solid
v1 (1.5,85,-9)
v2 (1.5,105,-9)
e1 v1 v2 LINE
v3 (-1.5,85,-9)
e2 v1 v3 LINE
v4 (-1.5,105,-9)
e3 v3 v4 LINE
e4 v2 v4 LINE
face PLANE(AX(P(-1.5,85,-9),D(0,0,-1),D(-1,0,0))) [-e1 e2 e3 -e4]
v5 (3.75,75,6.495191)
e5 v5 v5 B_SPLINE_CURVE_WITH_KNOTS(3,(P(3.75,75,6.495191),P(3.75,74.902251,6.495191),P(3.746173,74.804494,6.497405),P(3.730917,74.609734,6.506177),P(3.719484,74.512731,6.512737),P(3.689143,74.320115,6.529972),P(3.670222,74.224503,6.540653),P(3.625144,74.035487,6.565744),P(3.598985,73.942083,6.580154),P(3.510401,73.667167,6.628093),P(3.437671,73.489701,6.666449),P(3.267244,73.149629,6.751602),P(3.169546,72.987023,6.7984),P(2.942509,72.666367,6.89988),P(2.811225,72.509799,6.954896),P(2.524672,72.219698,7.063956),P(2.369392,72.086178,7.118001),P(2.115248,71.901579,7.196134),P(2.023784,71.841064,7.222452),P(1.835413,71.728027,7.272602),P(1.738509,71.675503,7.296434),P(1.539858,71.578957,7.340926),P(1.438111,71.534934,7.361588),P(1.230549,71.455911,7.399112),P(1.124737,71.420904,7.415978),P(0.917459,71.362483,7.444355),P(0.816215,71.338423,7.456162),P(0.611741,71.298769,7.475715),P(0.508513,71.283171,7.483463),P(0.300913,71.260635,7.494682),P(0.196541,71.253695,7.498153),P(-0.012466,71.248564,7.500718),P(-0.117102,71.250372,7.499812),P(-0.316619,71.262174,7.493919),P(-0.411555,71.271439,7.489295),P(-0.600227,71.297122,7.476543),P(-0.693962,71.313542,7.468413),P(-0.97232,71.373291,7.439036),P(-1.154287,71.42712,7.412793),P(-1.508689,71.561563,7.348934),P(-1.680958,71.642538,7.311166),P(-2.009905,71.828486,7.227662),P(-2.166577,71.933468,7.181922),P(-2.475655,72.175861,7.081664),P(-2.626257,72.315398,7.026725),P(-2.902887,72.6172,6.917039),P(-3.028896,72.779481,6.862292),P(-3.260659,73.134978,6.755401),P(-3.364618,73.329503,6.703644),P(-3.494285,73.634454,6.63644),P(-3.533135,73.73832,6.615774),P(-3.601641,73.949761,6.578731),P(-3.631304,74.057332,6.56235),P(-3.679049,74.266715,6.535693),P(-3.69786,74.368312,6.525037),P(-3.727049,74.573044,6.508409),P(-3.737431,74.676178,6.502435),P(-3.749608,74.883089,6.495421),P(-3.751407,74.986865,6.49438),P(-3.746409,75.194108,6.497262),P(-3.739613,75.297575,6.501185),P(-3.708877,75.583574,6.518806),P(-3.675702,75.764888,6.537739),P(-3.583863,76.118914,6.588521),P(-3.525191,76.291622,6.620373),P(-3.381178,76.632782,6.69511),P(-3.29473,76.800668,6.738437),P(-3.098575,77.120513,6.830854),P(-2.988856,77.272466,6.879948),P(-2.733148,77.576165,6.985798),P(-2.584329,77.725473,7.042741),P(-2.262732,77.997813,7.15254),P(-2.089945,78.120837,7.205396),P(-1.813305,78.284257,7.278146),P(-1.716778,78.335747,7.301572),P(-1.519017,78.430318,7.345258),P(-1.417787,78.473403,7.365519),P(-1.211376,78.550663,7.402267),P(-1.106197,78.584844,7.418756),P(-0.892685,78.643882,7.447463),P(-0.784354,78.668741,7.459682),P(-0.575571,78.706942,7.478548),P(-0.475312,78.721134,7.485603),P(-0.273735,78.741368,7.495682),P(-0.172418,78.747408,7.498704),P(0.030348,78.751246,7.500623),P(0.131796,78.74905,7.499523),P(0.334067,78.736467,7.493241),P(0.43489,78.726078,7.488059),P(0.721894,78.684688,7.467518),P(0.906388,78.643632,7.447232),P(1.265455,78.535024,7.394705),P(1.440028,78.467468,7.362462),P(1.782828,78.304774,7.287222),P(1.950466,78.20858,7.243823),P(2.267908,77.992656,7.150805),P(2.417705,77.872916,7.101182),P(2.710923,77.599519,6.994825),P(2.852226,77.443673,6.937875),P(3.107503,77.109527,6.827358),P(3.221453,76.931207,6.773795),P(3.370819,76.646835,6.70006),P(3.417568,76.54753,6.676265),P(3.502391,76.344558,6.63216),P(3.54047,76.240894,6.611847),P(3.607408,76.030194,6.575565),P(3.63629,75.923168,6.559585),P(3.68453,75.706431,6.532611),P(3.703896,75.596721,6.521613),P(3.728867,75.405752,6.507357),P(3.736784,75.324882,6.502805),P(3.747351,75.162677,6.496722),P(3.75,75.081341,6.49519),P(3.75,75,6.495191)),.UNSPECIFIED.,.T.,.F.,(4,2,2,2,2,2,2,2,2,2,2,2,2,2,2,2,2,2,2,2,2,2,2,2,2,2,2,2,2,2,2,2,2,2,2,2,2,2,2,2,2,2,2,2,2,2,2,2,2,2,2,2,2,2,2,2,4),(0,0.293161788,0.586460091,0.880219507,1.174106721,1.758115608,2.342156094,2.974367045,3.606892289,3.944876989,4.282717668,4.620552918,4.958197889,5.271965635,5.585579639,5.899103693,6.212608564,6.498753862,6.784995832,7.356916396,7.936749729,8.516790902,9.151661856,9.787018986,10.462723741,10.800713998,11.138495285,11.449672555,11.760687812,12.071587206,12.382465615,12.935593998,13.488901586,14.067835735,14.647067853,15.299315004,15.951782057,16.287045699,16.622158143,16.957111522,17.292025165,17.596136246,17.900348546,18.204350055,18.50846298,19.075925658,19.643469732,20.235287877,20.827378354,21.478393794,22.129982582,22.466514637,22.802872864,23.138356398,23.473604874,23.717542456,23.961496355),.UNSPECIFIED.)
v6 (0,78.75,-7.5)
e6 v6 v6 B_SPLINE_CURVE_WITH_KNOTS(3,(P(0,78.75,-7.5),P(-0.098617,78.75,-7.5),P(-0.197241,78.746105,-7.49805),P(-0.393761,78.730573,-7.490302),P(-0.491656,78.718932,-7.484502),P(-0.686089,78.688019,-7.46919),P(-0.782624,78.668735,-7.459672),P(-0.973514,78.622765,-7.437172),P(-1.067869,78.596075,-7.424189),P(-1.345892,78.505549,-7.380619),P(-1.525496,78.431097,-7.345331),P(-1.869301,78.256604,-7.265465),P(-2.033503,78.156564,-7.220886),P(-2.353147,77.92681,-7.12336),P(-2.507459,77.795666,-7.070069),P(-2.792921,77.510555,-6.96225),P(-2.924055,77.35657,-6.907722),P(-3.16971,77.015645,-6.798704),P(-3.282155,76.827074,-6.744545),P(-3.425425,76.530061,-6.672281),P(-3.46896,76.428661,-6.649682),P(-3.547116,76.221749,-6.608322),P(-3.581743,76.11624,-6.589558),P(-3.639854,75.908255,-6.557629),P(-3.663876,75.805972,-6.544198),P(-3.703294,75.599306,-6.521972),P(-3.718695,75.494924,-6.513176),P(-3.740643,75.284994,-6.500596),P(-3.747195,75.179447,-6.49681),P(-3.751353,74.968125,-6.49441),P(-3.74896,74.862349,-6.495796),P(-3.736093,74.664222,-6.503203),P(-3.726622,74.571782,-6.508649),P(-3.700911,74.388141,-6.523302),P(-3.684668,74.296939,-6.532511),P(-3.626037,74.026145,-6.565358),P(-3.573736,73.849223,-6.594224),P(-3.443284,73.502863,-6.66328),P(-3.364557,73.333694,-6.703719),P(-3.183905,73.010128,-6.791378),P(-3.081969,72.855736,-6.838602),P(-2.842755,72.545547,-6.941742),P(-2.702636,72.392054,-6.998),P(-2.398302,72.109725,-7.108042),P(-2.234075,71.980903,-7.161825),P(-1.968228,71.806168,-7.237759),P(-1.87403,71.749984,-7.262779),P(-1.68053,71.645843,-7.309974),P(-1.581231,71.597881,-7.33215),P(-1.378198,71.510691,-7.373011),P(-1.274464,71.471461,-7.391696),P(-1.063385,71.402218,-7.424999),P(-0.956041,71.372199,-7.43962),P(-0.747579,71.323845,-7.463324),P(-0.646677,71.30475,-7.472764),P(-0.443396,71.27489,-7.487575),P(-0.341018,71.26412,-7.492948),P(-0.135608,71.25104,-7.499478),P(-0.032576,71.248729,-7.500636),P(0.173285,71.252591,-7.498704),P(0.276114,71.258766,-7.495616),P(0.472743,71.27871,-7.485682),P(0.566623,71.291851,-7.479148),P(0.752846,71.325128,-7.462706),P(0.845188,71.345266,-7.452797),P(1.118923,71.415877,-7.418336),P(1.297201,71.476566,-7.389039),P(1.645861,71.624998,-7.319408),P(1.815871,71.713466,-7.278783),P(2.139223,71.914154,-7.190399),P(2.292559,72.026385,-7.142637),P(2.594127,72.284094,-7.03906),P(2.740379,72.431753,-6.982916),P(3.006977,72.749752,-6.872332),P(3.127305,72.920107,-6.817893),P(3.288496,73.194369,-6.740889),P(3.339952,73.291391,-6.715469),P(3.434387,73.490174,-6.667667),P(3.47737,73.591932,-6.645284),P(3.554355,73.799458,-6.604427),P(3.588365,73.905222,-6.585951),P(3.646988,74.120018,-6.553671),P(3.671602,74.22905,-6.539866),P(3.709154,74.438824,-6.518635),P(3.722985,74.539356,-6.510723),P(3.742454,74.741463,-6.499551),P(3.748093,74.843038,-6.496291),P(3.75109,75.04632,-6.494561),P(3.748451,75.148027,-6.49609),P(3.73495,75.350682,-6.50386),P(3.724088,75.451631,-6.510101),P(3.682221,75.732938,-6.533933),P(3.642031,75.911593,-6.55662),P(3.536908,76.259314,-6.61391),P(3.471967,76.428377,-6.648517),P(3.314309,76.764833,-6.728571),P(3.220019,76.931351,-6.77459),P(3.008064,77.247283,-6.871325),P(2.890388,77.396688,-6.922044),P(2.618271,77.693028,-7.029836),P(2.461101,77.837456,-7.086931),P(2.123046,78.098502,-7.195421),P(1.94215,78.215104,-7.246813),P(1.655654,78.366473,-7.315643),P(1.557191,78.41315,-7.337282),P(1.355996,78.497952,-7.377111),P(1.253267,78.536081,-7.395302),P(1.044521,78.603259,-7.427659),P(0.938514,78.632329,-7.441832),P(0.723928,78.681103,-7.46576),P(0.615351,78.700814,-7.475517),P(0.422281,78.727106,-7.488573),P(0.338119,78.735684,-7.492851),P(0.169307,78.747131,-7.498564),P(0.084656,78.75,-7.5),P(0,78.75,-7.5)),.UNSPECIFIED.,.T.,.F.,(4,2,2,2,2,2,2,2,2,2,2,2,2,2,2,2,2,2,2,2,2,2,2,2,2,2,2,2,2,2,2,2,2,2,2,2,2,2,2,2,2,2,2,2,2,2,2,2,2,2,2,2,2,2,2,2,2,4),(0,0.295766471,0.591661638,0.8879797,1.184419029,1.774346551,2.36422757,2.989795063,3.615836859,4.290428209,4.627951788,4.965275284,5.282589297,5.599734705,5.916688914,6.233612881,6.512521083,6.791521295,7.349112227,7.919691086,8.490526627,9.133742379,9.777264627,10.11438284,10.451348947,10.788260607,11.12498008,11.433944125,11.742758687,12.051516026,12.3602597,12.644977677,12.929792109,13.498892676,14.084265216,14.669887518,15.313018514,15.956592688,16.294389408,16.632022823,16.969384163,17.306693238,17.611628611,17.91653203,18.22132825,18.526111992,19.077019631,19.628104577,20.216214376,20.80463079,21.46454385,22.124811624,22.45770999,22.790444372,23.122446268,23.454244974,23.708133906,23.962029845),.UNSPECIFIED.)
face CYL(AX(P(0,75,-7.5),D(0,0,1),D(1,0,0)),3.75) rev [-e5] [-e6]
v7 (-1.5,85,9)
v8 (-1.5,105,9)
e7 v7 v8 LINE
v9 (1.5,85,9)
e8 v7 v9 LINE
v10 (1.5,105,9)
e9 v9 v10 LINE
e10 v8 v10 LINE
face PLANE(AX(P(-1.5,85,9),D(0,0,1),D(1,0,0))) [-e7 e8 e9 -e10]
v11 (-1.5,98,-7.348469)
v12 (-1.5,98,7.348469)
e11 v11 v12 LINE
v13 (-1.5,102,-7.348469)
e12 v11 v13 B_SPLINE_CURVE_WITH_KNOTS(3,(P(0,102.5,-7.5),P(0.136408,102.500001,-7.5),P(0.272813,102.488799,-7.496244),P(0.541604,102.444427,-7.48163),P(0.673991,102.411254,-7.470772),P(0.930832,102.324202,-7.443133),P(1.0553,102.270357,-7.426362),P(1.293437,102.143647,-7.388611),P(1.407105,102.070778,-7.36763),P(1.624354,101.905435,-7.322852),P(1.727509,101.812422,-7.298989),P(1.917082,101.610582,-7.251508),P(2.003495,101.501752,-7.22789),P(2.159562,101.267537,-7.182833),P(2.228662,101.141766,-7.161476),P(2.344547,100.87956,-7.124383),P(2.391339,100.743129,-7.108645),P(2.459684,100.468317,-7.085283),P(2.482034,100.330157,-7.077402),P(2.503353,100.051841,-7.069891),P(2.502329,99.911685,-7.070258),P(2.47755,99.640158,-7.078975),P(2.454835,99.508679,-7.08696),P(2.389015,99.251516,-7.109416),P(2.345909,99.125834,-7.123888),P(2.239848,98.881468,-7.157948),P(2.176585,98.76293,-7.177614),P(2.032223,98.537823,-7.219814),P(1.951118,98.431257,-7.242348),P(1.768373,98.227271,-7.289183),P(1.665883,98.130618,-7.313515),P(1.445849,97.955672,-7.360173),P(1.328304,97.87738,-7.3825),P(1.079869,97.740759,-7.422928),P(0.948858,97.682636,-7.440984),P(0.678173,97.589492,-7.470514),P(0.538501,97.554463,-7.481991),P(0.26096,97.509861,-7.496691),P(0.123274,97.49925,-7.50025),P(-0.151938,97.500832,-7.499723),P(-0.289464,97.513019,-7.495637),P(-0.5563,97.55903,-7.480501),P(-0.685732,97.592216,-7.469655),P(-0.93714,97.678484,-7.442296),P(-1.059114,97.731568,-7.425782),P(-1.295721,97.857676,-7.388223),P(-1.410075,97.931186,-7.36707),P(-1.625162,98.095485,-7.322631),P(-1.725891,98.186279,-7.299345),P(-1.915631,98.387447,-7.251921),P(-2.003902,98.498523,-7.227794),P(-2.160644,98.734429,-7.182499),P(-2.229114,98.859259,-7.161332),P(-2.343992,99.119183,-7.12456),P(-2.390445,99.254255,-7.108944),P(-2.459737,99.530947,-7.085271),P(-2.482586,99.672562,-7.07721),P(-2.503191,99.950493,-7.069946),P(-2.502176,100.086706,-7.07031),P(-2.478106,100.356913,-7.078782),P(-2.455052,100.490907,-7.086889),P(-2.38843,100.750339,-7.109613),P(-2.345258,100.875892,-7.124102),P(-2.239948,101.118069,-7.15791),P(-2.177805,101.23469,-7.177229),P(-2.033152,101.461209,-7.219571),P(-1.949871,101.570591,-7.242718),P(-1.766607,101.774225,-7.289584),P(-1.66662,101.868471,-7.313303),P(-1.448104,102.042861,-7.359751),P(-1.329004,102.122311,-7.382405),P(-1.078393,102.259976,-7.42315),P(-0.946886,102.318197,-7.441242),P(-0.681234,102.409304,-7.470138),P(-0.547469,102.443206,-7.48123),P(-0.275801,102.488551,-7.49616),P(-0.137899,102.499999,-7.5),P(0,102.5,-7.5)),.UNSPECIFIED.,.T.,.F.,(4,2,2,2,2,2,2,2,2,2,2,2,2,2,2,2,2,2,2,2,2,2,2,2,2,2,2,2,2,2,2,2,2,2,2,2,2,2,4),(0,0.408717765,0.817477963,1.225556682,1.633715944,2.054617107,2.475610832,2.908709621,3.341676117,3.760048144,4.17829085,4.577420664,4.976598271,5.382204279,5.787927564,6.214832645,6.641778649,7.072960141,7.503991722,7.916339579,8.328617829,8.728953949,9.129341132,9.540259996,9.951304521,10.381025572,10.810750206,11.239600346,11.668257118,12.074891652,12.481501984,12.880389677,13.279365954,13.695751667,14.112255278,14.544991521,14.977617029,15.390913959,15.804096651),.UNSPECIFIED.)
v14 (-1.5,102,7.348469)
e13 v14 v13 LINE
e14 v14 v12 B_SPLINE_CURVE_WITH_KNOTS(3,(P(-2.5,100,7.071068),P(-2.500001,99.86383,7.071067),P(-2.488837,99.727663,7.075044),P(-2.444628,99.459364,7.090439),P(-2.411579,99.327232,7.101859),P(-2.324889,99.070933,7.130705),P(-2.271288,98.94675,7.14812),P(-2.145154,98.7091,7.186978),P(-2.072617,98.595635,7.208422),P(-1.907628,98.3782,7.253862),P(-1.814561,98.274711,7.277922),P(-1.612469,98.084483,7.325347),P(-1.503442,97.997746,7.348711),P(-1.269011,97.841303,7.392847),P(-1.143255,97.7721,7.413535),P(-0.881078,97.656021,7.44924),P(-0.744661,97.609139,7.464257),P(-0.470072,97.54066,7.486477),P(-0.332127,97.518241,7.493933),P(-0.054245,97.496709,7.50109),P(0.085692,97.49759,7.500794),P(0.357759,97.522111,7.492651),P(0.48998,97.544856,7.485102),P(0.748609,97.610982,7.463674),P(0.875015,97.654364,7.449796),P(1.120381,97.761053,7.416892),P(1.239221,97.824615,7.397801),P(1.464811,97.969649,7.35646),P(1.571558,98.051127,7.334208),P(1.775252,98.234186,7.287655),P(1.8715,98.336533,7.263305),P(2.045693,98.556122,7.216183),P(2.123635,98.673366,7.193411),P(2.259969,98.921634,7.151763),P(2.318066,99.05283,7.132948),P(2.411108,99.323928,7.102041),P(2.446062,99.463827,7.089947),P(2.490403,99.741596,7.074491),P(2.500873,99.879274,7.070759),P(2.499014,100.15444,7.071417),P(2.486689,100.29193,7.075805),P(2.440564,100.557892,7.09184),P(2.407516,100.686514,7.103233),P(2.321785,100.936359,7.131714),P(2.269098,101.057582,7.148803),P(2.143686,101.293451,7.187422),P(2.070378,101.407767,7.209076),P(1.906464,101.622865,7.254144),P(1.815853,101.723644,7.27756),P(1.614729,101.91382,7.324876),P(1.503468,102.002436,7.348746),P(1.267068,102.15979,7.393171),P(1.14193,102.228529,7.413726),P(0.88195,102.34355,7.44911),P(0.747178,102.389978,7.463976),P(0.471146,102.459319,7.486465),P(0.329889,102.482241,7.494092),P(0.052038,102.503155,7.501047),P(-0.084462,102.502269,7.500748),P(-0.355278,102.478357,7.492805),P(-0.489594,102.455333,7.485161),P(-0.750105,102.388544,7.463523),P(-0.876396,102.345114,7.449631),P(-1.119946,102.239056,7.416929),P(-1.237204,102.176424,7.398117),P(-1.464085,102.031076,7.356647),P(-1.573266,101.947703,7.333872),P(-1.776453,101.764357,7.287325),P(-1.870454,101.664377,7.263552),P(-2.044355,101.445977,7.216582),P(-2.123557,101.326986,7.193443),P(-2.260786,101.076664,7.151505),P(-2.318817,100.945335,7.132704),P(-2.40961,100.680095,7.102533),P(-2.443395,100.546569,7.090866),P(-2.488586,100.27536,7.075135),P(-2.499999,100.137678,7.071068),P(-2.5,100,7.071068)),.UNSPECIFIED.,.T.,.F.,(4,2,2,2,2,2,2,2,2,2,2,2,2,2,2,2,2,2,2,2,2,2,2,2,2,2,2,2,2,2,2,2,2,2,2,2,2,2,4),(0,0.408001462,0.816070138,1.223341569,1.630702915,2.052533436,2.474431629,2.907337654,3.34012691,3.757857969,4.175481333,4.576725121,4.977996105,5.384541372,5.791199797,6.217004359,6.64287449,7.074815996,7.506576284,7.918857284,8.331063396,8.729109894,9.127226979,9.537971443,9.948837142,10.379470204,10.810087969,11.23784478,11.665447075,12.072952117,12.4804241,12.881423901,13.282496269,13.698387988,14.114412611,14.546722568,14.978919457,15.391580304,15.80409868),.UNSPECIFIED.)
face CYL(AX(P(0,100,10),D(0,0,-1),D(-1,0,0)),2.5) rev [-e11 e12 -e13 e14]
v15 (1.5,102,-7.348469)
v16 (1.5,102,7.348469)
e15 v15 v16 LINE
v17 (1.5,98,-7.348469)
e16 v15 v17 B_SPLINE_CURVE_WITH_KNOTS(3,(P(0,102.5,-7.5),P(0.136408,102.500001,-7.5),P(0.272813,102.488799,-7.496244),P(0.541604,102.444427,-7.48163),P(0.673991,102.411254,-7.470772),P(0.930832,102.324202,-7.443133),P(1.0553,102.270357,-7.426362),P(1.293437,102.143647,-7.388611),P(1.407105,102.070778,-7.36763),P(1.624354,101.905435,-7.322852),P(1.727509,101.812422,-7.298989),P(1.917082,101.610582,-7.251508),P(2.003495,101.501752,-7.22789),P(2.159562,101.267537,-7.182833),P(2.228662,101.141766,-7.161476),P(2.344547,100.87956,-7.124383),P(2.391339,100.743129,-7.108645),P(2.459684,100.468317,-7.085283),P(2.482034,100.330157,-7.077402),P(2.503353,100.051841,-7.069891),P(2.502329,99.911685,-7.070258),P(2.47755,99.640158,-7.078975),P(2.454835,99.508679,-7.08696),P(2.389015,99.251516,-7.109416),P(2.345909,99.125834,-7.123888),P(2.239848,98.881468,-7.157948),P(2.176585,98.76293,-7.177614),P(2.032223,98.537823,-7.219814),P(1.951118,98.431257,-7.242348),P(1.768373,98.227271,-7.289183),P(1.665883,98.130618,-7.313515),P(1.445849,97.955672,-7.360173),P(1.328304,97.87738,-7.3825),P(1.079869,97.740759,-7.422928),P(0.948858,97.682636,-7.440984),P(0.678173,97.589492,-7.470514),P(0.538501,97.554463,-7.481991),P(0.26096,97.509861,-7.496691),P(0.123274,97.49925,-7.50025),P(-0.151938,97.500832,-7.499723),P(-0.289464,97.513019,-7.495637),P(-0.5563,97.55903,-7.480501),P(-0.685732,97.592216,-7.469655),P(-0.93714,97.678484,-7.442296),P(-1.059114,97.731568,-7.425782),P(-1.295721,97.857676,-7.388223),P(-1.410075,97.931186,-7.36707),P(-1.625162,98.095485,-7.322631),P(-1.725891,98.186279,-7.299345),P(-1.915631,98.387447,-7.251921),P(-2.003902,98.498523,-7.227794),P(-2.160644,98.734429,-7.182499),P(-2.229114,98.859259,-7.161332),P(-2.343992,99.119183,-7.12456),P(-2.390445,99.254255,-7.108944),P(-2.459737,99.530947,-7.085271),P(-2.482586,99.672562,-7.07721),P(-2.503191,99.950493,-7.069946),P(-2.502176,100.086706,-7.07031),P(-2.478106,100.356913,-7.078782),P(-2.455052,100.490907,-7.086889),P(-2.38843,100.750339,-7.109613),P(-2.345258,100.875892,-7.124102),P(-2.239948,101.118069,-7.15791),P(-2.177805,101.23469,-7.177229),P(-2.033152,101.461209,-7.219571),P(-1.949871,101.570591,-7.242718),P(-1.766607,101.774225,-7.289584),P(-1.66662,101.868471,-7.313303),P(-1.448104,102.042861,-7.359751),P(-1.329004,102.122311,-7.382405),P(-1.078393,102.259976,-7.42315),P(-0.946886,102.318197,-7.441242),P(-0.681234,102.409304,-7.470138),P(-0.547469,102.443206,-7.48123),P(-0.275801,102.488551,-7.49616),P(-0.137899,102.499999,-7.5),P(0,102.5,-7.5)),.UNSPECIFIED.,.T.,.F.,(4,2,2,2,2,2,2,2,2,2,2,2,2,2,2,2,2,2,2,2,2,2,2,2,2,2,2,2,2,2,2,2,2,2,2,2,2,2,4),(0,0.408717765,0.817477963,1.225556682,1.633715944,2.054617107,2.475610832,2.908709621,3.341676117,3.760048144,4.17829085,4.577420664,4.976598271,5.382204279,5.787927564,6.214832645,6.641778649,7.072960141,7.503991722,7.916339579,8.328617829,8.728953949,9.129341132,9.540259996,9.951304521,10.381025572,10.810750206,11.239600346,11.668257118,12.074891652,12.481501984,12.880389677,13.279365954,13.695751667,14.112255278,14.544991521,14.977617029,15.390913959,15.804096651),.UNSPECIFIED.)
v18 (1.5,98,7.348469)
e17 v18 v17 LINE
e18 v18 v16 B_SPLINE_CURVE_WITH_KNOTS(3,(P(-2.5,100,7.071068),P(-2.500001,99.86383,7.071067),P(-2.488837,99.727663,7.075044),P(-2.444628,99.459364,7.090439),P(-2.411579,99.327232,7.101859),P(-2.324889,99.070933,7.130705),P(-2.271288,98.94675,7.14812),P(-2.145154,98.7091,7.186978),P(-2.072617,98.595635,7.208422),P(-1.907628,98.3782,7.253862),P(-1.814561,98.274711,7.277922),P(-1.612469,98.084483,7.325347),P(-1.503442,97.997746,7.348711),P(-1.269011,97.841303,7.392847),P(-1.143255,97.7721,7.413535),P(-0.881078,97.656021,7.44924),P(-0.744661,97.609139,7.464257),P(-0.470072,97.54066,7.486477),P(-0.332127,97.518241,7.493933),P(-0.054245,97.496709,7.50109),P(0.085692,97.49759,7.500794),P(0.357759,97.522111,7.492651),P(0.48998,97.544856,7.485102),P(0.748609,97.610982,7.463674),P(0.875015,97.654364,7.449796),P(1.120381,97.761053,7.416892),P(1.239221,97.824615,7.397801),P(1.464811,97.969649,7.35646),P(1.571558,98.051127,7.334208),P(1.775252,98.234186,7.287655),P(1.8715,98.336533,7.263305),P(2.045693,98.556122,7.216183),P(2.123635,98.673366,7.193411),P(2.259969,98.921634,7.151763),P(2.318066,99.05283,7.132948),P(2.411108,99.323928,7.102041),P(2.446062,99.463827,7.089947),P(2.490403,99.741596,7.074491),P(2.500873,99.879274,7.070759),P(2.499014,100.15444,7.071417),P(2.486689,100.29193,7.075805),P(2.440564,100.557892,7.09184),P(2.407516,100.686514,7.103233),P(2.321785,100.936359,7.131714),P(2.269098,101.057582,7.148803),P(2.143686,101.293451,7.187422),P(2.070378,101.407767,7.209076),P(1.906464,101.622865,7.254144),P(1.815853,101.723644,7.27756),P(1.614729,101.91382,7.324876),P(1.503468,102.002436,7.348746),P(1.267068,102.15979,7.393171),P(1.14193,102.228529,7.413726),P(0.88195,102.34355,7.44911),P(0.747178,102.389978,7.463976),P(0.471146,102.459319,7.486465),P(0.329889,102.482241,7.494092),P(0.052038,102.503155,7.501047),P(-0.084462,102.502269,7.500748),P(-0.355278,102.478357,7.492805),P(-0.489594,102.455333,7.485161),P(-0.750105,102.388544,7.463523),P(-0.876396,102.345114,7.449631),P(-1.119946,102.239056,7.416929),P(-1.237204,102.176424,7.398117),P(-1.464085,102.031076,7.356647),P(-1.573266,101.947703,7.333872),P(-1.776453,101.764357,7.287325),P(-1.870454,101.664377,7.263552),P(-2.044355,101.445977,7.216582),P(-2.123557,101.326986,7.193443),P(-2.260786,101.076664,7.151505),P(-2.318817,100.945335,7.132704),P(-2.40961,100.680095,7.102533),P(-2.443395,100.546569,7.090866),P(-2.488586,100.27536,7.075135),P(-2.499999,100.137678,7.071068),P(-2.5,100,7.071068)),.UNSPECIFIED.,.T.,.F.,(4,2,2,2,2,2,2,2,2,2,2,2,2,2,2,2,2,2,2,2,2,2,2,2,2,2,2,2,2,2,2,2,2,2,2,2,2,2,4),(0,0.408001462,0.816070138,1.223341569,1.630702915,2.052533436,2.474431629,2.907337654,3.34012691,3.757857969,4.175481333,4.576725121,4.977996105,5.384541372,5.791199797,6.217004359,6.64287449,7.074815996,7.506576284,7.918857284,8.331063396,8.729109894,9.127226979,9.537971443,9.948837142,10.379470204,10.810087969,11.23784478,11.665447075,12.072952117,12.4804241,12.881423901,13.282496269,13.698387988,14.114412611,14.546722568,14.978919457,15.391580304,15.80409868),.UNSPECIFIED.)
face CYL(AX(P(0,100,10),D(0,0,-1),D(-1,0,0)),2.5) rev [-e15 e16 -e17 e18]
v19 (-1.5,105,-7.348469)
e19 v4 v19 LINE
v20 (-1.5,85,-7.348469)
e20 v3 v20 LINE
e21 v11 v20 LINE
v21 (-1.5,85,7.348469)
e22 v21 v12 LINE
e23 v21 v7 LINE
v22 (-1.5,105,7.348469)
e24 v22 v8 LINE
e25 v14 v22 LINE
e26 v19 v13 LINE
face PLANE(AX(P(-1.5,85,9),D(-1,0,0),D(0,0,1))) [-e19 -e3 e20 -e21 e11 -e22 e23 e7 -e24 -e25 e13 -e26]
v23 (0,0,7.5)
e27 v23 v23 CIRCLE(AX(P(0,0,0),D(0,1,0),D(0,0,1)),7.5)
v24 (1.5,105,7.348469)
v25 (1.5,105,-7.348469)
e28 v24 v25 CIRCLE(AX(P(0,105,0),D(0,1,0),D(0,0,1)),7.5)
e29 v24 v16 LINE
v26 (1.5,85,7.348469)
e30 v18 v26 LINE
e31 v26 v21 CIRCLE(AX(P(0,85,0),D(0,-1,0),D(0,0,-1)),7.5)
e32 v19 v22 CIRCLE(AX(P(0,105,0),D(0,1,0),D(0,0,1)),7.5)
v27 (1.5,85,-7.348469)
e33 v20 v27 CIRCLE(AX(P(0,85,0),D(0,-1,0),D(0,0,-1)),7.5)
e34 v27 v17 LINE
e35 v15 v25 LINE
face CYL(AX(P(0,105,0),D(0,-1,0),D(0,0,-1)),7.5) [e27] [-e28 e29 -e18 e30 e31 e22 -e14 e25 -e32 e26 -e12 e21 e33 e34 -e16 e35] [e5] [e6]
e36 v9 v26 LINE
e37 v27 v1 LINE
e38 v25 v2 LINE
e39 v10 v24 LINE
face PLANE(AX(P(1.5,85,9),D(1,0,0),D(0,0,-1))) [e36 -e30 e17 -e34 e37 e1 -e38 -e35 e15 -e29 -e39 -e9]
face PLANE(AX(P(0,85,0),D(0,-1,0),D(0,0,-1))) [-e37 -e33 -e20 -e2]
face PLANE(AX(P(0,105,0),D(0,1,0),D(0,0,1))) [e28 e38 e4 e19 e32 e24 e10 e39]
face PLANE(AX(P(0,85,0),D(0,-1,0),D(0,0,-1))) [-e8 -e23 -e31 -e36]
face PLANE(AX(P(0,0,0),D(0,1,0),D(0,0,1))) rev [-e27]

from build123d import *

# Parameters (mm, degrees)
SKETCH1_R               = 7.5
BOSS_EXTRUDE1_DEPTH     = 105
SKETCH2_R               = 3.75
CUT_EXTRUDE1_DEPTH      = 8.5
CUT_EXTRUDE1_DEPTH_BACK = 8.5
SKETCH3_R               = 2.5
CUT_EXTRUDE2_DEPTH      = 10
CUT_EXTRUDE2_DEPTH_BACK = 10
SKETCH4_W               = 3
SKETCH4_H               = 18
BOSS_EXTRUDE2_DEPTH     = 20


with BuildPart() as part:
    # Sketch1 → Boss-Extrude1 (new body)
    with BuildSketch(Plane(origin=(0, 0, 0), x_dir=(1, 0, 0), z_dir=(0, 1, 0))):
        Circle(SKETCH1_R)
    extrude(amount=BOSS_EXTRUDE1_DEPTH)

    # Sketch2 → Cut-Extrude1 (cut, two sides)
    with BuildSketch(Plane.XY) as cut_extrude1_sk:
        with Locations((0, 75)):
            Circle(SKETCH2_R)
    extrude(amount=CUT_EXTRUDE1_DEPTH, mode=Mode.SUBTRACT)
    extrude(cut_extrude1_sk.sketch, amount=-CUT_EXTRUDE1_DEPTH_BACK, mode=Mode.SUBTRACT)

    # Sketch3 → Cut-Extrude2 (cut, two sides)
    with BuildSketch(Plane.XY) as cut_extrude2_sk:
        with Locations((0, 100)):
            Circle(SKETCH3_R)
    extrude(amount=CUT_EXTRUDE2_DEPTH, mode=Mode.SUBTRACT)
    extrude(cut_extrude2_sk.sketch, amount=-CUT_EXTRUDE2_DEPTH_BACK, mode=Mode.SUBTRACT)

    # Sketch4 → Boss-Extrude2 (add)
    with BuildSketch(Plane(origin=(0, 105, 0), x_dir=(1, 0, 0), z_dir=(0, 1, 0))):
        Rectangle(SKETCH4_W, SKETCH4_H)
    extrude(amount=-BOSS_EXTRUDE2_DEPTH)


solid = part.part
